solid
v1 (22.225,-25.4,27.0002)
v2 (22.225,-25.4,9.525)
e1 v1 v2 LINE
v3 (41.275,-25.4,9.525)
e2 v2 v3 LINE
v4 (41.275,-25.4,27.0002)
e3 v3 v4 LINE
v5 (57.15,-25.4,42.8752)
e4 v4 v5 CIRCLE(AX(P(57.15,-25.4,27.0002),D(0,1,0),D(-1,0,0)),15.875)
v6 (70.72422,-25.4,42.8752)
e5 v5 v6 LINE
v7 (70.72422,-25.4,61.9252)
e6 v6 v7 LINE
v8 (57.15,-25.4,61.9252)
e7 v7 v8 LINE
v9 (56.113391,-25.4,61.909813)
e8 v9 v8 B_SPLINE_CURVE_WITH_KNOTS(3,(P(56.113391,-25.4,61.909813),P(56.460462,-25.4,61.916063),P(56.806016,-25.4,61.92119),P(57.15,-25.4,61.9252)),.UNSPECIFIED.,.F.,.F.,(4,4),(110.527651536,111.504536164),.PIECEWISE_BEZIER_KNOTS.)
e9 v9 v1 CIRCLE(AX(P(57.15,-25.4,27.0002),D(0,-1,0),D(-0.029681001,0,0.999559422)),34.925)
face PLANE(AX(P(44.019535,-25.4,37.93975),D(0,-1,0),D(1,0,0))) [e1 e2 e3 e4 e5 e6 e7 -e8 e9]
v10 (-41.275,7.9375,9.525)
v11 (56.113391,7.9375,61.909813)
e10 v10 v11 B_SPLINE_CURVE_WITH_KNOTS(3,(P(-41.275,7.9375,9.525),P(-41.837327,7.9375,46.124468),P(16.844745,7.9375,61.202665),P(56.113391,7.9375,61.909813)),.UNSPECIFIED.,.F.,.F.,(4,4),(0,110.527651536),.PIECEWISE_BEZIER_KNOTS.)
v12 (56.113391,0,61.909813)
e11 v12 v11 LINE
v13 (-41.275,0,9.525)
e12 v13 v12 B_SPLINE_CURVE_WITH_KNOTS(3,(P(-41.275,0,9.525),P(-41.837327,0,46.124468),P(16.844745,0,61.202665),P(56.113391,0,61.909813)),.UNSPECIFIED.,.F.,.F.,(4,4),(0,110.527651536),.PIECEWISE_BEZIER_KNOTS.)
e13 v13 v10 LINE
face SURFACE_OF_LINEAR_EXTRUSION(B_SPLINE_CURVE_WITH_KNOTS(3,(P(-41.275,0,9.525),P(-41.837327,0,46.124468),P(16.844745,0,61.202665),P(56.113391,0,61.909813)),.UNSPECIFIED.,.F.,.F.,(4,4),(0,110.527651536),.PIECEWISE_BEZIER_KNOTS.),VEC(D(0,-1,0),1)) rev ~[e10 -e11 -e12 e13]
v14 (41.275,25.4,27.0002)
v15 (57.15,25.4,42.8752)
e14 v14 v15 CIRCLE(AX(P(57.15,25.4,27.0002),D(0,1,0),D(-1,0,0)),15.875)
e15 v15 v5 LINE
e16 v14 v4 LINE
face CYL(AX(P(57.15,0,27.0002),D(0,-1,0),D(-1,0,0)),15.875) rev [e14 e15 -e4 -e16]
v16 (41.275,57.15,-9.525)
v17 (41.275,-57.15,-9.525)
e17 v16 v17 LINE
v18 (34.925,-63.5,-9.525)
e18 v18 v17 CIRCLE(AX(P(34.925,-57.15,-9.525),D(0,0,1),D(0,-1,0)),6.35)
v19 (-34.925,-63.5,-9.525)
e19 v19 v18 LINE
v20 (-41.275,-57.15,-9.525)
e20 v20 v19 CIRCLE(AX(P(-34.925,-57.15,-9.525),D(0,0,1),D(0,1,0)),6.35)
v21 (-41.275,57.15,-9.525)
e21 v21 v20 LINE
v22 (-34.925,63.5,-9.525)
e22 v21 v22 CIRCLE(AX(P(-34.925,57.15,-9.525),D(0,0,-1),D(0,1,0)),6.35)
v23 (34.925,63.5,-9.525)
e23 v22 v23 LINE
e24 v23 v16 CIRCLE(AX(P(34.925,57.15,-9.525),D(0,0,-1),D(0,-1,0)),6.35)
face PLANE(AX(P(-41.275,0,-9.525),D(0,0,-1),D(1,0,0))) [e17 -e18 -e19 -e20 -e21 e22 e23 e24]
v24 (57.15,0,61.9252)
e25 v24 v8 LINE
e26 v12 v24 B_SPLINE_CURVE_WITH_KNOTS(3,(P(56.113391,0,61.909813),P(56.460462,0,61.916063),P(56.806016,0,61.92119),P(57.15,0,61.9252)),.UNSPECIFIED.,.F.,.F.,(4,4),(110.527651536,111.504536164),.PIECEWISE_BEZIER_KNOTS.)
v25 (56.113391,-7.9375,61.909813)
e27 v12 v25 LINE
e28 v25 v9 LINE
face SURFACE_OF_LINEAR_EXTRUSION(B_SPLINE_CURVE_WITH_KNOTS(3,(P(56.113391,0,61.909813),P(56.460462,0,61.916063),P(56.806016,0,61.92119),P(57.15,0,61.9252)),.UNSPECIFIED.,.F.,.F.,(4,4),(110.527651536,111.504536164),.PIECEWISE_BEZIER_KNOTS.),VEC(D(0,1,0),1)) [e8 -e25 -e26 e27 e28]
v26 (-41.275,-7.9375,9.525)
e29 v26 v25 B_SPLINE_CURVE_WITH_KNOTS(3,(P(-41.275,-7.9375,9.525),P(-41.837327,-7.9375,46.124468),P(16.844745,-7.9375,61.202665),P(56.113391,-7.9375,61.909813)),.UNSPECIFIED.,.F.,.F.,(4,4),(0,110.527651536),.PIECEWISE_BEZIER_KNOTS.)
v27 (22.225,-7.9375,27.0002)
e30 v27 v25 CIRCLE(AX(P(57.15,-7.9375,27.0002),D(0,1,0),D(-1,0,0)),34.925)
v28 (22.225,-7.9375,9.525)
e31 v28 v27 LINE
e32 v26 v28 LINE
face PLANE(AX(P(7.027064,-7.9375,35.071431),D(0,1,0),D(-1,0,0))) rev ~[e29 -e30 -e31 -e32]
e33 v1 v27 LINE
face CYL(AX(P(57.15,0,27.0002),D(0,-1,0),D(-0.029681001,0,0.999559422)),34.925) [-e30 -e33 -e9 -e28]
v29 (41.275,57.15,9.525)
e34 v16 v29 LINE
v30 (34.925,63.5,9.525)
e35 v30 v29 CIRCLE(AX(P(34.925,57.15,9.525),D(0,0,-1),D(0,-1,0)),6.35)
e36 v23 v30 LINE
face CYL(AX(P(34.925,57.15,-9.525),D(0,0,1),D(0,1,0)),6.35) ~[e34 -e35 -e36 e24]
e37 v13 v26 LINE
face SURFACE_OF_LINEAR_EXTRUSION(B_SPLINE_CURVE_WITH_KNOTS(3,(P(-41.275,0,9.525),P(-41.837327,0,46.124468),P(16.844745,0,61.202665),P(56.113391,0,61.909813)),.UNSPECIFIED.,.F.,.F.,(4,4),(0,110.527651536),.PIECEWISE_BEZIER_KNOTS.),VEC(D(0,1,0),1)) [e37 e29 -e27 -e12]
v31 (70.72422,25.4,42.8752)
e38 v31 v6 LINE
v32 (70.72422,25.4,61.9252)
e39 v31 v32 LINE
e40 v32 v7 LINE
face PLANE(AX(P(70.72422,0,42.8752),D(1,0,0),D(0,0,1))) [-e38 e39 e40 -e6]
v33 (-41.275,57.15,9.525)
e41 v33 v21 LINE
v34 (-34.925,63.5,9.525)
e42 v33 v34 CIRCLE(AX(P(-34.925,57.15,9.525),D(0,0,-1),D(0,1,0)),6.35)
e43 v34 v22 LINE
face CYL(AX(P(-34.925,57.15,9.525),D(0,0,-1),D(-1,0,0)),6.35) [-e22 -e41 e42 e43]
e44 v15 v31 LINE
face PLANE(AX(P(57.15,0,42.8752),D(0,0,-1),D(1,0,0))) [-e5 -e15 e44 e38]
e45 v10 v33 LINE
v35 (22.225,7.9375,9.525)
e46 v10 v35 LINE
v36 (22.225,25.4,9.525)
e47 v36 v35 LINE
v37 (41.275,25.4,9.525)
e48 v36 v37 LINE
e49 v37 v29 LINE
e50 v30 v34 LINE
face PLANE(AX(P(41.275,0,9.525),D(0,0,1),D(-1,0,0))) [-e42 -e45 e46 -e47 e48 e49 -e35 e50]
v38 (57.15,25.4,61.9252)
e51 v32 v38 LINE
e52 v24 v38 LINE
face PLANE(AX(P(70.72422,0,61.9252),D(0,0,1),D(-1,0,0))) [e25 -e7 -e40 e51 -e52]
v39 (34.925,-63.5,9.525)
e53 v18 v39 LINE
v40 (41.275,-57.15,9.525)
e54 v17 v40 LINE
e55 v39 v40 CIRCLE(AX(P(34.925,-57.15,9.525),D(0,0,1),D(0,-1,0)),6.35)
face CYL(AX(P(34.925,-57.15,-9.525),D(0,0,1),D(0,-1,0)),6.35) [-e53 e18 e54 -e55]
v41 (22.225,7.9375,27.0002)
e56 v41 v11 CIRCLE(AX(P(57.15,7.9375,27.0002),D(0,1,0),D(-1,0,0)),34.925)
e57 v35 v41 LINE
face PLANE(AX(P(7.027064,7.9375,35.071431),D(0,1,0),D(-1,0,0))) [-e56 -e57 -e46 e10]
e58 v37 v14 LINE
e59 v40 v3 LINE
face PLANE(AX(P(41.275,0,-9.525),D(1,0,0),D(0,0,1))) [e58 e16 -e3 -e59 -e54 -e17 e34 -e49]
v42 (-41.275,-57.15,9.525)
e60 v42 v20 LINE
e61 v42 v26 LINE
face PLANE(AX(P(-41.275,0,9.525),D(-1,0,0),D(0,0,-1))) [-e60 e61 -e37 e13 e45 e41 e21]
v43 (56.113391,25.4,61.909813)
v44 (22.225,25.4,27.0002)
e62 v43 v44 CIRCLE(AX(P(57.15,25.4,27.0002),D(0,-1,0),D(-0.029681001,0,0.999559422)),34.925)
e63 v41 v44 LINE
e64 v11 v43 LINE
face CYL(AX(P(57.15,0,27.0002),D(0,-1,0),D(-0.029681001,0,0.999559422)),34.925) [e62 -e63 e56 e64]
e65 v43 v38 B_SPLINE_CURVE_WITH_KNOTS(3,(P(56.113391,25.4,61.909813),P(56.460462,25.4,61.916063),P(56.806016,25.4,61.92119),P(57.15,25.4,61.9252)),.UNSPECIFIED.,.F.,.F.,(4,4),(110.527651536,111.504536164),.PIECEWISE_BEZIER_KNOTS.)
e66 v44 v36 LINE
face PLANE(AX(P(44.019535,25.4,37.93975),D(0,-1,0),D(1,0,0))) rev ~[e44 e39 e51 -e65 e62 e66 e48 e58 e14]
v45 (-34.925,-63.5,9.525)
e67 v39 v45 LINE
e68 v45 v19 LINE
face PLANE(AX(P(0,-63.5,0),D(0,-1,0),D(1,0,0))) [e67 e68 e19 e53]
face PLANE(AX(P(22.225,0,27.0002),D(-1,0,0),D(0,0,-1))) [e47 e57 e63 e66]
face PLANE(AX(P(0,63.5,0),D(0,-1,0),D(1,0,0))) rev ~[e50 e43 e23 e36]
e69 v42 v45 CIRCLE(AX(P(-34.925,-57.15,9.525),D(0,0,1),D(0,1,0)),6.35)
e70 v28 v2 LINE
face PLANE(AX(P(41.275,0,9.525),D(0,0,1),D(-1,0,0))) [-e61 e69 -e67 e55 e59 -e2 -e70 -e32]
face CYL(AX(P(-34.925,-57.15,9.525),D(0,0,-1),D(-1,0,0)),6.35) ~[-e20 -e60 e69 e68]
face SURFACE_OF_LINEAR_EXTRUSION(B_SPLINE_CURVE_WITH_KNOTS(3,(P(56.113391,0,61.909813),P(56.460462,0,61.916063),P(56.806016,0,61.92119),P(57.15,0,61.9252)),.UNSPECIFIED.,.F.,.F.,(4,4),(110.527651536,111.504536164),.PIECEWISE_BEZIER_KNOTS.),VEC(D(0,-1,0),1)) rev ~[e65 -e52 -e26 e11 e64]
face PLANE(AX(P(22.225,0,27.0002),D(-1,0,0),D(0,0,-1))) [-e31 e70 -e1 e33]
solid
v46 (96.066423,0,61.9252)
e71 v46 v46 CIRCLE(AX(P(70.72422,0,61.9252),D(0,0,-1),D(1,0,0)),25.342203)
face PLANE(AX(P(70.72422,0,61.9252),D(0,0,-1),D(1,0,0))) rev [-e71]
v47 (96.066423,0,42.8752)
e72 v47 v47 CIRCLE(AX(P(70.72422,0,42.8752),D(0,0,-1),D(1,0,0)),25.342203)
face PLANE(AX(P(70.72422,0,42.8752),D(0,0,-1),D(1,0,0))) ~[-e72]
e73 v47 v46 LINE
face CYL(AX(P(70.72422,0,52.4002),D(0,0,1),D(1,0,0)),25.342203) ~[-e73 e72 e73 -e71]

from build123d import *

# Parameters (mm, degrees)
F1_DEPTH = 63.5
F2_DEPTH = 25.4
F3_DEPTH = 7.9375
F0_W     = 25.3422030224
F0_H     = 19.05
F5_R     = 6.35


with BuildPart() as f1:
    # F0 (on Front) → F1 (new body, symmetric)
    with BuildSketch(Plane.XZ):
        Polygon((22.225, 9.525), (-41.275, 9.525), (-41.275, -9.525), (41.275, -9.525), (41.275, 9.525), align=None)
    extrude(amount=F1_DEPTH, both=True)

    # F0 (on Front) → F2 (join, symmetric)
    with BuildSketch(Plane.XZ):
        with BuildLine():
            Line((22.225, 27.0002), (22.225, 9.525))
            Line((22.225, 9.525), (41.275, 9.525))
            Line((41.275, 9.525), (41.275, 27.0002))
            ThreePointArc((41.275, 27.0002), (45.9246798487, 38.2255201513), (57.15, 42.8752))
            Line((57.15, 42.8752), (70.7242196436, 42.8752))
            Line((70.7242196436, 42.8752), (70.7242196436, 61.9252))
            Line((70.7242196436, 61.9252), (57.15, 61.9252))
            add(Edge.make_bspline(
                [(56.1133910245, 61.9098128141), (56.4604619677, 61.9160628515), (56.8060163953, 61.9211902678), (57.15, 61.9252)],
                knots=[110.5276515359, 110.5276515359, 110.5276515359, 110.5276515359, 111.5045361635, 111.5045361635, 111.5045361635, 111.5045361635], degree=3))
            ThreePointArc((56.1133910245, 61.9098128141), (32.0904789205, 51.326647095), (22.225, 27.0002))
        make_face()
    extrude(amount=F2_DEPTH, both=True)

    # F0 (on Front) → F3 (join, symmetric)
    with BuildSketch(Plane.XZ):
        with BuildLine():
            add(Edge.make_bspline(
                [(-41.275, 9.525), (-41.8373266666, 46.1244678673), (16.8447453968, 61.2026648778), (56.1133910245, 61.9098128141)],
                knots=[0, 0, 0, 0, 110.5276515359, 110.5276515359, 110.5276515359, 110.5276515359], degree=3))
            Line((-41.275, 9.525), (22.225, 9.525))
            Line((22.225, 9.525), (22.225, 27.0002))
            ThreePointArc((22.225, 27.0002), (32.0904789205, 51.326647095), (56.1133910245, 61.9098128141))
        make_face()
    extrude(amount=F3_DEPTH, both=True)

    # F5
    f5_edges = [f1.edges().sort_by_distance(p)[0] for p in [
        (41.275, -63.5, 0),
        (41.275, 63.5, 0),
        (-41.275, -63.5, 0),
        (-41.275, 63.5, 0),
    ]]
    fillet(f5_edges, radius=F5_R)


with BuildPart() as f4:
    # F0 (on Front) → F4 (revolve)
    with BuildSketch(Plane.XZ):
        with Locations((83.3953211548, 52.4002)):
            Rectangle(F0_W, F0_H)
    revolve(axis=Axis((70.7242196436, 0, 52.3875), (0, 0, -1)))


solid = Compound([f1.part, f4.part])
